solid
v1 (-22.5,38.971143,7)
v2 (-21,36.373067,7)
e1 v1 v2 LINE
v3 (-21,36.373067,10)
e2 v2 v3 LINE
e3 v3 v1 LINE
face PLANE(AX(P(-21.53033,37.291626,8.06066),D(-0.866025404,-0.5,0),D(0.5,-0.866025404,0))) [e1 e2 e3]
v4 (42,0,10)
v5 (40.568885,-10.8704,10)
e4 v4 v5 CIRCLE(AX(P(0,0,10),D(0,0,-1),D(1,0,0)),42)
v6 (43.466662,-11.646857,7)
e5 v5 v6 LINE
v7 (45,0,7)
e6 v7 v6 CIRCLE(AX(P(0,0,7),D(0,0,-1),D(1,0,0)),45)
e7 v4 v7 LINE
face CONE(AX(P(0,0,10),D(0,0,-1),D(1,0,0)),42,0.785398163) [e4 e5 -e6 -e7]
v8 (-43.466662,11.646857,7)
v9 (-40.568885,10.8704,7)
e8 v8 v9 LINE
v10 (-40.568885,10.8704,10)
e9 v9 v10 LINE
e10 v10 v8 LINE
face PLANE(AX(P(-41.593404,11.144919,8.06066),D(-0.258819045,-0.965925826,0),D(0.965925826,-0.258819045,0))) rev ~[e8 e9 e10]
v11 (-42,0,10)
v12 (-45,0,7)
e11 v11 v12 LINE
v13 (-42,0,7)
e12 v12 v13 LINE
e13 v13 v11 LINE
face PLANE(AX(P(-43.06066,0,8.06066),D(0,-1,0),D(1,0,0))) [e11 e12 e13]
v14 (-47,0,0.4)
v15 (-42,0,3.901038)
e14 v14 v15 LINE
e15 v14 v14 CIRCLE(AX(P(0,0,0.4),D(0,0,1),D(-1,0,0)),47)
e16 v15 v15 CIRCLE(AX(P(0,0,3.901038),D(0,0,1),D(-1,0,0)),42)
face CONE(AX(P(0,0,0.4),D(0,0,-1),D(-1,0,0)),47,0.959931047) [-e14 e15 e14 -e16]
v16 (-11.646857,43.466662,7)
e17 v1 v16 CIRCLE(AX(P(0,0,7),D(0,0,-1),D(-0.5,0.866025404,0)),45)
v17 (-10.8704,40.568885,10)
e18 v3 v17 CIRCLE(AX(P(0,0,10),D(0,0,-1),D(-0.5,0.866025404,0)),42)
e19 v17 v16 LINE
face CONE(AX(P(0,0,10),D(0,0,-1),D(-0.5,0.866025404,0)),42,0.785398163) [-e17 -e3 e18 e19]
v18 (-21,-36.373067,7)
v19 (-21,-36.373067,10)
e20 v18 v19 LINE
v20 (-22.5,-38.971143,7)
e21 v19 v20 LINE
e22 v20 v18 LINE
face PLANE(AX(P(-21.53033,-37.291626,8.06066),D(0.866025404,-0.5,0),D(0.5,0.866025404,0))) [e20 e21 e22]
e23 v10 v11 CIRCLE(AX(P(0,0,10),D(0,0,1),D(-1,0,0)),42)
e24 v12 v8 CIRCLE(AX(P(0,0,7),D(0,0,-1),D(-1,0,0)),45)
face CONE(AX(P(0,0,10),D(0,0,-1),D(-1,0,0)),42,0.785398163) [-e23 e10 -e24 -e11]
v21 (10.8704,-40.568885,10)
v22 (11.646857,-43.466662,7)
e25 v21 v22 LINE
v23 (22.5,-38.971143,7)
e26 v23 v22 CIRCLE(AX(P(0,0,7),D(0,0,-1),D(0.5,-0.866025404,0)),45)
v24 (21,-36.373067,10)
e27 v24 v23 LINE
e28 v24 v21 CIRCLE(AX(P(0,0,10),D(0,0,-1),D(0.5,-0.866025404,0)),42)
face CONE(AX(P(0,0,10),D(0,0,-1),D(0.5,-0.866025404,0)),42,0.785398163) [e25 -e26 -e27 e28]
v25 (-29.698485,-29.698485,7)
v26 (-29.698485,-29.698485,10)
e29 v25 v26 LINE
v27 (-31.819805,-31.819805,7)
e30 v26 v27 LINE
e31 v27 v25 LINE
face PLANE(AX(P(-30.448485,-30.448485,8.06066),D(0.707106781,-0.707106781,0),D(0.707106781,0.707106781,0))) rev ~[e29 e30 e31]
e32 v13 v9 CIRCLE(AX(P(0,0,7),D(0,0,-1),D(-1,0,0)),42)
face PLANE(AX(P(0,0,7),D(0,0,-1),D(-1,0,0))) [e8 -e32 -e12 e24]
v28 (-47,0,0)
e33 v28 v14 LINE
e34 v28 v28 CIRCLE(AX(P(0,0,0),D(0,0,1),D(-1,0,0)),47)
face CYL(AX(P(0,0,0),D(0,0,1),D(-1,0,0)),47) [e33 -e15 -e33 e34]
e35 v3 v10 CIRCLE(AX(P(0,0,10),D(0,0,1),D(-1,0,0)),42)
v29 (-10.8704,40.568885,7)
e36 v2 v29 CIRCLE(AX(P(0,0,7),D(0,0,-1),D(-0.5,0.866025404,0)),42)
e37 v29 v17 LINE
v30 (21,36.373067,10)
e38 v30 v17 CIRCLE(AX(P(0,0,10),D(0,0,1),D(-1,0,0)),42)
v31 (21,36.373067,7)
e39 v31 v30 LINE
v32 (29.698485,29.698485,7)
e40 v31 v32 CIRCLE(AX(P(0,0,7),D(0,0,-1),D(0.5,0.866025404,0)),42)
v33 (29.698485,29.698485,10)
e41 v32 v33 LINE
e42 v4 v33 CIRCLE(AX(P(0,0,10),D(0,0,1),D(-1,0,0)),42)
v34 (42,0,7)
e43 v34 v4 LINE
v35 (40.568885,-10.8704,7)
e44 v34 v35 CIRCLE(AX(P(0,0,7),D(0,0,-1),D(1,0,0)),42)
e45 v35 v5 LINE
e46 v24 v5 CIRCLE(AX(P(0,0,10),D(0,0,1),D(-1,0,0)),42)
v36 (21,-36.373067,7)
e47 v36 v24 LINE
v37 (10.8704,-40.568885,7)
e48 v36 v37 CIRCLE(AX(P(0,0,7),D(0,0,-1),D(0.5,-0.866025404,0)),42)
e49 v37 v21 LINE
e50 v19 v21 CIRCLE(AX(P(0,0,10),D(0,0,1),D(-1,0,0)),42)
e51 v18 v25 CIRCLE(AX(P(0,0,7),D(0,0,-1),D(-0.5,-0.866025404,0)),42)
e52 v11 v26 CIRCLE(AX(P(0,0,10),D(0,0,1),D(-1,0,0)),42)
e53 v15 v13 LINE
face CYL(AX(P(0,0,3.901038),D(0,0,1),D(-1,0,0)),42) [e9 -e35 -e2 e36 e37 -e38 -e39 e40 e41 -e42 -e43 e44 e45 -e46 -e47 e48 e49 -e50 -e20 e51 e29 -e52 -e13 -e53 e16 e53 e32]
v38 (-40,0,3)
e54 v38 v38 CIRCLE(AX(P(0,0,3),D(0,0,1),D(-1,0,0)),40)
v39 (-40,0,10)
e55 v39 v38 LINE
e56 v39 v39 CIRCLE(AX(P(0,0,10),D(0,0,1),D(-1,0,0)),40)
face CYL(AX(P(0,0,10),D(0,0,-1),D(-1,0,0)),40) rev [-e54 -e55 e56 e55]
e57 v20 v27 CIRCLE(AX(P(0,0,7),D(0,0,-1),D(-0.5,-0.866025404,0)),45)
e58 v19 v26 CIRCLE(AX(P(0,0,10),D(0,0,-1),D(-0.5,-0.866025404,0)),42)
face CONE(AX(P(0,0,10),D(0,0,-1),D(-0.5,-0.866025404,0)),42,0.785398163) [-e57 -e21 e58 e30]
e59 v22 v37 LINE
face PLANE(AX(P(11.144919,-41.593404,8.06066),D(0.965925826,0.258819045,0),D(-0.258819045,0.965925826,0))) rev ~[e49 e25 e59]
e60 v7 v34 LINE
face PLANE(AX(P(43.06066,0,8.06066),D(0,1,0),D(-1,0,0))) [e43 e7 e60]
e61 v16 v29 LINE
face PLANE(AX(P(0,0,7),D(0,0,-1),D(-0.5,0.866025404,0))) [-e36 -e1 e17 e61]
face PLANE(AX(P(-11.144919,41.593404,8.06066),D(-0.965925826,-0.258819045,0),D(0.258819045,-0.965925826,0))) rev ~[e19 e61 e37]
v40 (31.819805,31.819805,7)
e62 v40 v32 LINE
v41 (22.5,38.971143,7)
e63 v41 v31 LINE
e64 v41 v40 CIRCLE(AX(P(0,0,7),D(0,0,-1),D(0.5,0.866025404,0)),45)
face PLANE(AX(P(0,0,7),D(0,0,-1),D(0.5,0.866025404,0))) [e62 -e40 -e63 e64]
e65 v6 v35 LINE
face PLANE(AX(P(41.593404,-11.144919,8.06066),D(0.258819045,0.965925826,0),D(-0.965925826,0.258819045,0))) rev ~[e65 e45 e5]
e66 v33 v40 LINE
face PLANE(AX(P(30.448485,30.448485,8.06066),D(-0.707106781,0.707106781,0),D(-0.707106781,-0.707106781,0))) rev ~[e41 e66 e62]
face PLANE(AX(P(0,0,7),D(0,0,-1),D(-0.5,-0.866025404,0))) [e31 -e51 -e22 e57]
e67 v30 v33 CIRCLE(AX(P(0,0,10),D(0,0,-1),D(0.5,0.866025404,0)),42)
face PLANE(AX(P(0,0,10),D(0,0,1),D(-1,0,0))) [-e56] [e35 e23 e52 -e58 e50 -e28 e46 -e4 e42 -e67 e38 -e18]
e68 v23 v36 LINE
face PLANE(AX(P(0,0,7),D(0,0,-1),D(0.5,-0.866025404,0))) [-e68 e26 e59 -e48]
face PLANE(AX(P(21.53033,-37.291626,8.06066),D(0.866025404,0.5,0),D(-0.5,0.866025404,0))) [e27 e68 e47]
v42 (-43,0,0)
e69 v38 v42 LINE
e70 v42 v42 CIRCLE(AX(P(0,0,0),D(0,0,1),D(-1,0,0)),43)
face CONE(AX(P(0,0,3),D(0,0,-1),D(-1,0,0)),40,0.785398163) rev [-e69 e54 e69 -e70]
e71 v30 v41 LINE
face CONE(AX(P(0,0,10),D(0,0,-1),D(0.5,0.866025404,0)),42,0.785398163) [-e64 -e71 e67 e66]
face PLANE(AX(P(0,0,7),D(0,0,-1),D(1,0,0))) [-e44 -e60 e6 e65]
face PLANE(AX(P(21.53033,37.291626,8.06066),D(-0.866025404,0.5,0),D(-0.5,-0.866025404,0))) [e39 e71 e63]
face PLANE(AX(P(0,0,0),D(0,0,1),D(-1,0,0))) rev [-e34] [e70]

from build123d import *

# Parameters (mm, degrees)
REVOLUTION001_ANGLE = -15
POLARPATTERN_COUNT  = 6
CHAMFER_SIZE        = 3


with BuildPart() as part:
    # Sketch → Revolution (revolve)
    with BuildSketch(Plane.XZ):
        Polygon((-42, 10), (-40, 10), (-40, 0), (-47, 0), (-47, 0.4), (-42, 3.901038), align=None)
    revolve(axis=Axis((0, 0, 0), (0, 0, 1)))

    # Sketch001 → Revolution001 (revolve)
    with BuildSketch(Plane.XZ):
        Polygon((-45, 7), (-42, 7), (-42, 10), align=None)
    revolution001 = revolve(axis=Axis((0, 0, 0), (0, 0, 1)), revolution_arc=REVOLUTION001_ANGLE)

    # PolarPattern: Revolution001 ×6 about axis
    polarpattern_axis = Axis((0, 0, 0), (0, 0, 1))
    for i in range(1, POLARPATTERN_COUNT):
        add(revolution001.rotate(polarpattern_axis, i * 360 / POLARPATTERN_COUNT))

    # Chamfer
    chamfer_edges = [part.edges().sort_by_distance(p)[0] for p in [
        (40, 0, 0),
    ]]
    chamfer(chamfer_edges, length=CHAMFER_SIZE)


solid = part.part
